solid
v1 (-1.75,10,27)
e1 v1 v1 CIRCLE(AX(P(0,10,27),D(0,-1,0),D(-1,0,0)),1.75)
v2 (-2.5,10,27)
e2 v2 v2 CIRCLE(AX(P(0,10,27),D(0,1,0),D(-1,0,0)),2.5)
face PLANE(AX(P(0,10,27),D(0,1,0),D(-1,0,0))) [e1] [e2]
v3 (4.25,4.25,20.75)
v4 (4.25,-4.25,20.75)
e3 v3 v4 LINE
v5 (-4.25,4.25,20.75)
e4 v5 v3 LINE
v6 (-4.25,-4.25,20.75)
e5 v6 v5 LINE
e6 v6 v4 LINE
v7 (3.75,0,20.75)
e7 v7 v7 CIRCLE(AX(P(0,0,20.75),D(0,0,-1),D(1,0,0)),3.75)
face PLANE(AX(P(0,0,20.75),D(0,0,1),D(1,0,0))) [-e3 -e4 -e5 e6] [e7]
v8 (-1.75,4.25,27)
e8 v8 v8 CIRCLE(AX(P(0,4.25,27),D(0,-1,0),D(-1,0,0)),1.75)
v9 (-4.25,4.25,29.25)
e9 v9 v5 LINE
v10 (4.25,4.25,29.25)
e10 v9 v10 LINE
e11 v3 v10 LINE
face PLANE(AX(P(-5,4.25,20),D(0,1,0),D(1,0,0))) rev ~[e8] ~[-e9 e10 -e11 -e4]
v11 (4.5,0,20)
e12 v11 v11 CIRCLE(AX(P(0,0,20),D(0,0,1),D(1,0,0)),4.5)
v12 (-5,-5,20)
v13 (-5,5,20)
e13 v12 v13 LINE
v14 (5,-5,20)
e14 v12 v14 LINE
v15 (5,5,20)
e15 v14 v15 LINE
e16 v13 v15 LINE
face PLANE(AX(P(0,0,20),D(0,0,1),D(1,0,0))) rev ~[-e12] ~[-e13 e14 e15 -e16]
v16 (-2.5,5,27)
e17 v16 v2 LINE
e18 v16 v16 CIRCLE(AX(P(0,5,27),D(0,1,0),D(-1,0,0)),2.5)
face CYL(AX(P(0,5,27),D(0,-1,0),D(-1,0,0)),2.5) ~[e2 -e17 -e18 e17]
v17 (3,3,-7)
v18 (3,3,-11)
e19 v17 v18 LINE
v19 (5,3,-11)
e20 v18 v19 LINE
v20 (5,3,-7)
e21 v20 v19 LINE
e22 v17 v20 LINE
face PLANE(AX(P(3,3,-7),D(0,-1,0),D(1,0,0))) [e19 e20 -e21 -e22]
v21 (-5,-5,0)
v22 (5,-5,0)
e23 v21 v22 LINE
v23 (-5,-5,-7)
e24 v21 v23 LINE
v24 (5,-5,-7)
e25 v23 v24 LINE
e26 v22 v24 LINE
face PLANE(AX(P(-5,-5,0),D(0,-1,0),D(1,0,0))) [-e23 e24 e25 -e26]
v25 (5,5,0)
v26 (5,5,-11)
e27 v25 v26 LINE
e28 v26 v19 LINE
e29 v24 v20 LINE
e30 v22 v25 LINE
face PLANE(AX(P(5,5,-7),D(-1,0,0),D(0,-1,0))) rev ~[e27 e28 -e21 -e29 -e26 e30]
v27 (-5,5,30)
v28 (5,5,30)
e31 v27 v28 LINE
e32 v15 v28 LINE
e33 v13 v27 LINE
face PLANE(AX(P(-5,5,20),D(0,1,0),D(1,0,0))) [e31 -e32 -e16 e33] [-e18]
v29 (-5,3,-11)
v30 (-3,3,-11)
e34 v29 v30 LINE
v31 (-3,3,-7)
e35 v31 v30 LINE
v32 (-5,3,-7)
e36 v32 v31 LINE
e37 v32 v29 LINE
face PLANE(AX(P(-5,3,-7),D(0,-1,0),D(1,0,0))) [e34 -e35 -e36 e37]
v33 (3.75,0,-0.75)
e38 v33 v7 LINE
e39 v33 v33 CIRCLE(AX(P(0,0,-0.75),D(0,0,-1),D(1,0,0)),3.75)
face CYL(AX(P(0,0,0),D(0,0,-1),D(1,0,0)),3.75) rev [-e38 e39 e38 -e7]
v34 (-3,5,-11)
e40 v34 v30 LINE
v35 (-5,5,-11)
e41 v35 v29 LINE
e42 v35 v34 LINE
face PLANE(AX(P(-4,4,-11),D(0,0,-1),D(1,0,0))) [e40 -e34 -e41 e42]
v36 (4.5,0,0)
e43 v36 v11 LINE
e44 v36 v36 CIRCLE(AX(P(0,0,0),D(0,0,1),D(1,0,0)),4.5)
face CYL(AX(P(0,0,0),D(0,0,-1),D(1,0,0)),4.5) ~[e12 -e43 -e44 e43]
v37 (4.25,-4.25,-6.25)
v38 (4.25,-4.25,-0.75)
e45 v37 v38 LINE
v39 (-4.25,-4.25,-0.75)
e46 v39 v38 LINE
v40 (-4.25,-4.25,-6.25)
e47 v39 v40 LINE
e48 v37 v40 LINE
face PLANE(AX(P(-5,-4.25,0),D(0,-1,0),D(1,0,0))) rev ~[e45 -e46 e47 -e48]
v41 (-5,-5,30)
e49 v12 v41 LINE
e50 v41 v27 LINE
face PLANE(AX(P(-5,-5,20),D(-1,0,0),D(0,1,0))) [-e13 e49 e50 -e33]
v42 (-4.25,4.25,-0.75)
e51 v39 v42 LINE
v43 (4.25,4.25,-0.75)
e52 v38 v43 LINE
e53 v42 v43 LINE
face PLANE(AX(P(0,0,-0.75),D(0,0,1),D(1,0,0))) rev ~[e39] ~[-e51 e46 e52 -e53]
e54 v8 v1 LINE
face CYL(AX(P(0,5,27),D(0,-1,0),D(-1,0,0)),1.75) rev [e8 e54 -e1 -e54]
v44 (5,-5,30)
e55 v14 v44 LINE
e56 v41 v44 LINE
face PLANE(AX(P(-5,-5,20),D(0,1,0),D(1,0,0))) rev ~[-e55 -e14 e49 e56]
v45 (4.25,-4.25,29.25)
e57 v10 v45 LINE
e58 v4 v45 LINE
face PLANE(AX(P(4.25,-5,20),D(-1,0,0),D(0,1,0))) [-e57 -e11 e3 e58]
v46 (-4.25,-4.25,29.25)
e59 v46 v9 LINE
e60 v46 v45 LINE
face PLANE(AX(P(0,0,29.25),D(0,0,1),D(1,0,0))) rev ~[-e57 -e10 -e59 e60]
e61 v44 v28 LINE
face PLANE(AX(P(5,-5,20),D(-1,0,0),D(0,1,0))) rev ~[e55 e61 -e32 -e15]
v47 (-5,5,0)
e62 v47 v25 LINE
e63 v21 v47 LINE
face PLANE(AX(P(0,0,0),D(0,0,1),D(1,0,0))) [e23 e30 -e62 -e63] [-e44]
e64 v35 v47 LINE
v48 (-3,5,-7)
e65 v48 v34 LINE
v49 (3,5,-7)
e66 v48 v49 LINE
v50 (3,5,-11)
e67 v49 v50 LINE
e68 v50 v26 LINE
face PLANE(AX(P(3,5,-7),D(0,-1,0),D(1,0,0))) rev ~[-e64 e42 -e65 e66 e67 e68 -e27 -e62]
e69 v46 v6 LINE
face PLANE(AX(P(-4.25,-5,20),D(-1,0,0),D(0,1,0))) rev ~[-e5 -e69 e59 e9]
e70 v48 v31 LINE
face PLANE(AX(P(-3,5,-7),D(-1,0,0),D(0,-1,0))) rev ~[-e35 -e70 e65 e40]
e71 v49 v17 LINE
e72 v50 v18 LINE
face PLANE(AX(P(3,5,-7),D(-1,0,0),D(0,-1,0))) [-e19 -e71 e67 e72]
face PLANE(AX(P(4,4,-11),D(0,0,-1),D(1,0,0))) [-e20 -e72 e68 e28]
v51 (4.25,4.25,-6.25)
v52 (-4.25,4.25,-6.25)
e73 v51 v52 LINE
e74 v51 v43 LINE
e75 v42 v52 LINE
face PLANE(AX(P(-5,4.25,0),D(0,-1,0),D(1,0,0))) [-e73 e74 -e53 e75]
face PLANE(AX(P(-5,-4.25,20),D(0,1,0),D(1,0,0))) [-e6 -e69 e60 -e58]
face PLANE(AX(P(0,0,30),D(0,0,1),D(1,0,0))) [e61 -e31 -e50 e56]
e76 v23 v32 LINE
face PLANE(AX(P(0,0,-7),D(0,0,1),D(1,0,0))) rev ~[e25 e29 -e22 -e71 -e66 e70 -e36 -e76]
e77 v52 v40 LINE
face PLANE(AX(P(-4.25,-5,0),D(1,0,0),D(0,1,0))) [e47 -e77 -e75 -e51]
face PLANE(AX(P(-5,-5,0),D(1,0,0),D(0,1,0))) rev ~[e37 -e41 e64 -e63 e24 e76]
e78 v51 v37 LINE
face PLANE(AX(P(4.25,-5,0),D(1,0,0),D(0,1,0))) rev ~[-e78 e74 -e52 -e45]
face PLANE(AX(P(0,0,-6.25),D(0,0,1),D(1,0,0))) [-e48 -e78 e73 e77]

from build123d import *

# Parameters (mm, degrees)
F0_R      = 4.5
F1_DEPTH  = 20
F0_W      = 10
F0_H      = 10
F2_DEPTH  = 7
F4_W      = 10
F4_H      = 10
F5_DEPTH  = 10
F6_R      = 2.5
F7_DEPTH  = 5
F8_T      = -0.75
F9_W      = 2
F9_H      = 2
F10_DEPTH = 4


with BuildPart() as f1:
    # F0 (on Top) → F1 (new body)
    with BuildSketch(Plane.XY):
        Circle(F0_R)
    extrude(amount=F1_DEPTH)

    # F0 (on Top) → F2 (join)
    with BuildSketch(Plane.XY):
        Rectangle(F0_W, F0_H)
        Circle(F0_R, mode=Mode.SUBTRACT)
        Circle(F0_R)
    extrude(amount=-F2_DEPTH)

    # F4 (on offset) → F5 (join)
    with BuildSketch(Plane.XY.offset(20)):
        Rectangle(F4_W, F4_H)
    extrude(amount=F5_DEPTH)

    # F6 (on face) → F7 (join)
    with BuildSketch(Plane(origin=(0, 5, 0), x_dir=(-1, 0, 0), z_dir=(0, 1, 0))):
        with Locations((0, 27)):
            Circle(F6_R)
    extrude(amount=F7_DEPTH)

    # F8
    f8_openings = [f1.faces().sort_by_distance(p)[0] for p in [
        (0, 10, 27),
    ]]
    offset(amount=F8_T, openings=f8_openings, kind=Kind.INTERSECTION)

    # F9 (on face) → F10 (join)
    with BuildSketch(Plane(origin=(0, 0, -7), x_dir=(1, 0, 0), z_dir=(0, 0, -1))):
        with Locations((4, -4)):
            Rectangle(F9_W, F9_H)
        with Locations((-4, -4)):
            Rectangle(F9_W, F9_H)
    extrude(amount=F10_DEPTH)


solid = f1.part
